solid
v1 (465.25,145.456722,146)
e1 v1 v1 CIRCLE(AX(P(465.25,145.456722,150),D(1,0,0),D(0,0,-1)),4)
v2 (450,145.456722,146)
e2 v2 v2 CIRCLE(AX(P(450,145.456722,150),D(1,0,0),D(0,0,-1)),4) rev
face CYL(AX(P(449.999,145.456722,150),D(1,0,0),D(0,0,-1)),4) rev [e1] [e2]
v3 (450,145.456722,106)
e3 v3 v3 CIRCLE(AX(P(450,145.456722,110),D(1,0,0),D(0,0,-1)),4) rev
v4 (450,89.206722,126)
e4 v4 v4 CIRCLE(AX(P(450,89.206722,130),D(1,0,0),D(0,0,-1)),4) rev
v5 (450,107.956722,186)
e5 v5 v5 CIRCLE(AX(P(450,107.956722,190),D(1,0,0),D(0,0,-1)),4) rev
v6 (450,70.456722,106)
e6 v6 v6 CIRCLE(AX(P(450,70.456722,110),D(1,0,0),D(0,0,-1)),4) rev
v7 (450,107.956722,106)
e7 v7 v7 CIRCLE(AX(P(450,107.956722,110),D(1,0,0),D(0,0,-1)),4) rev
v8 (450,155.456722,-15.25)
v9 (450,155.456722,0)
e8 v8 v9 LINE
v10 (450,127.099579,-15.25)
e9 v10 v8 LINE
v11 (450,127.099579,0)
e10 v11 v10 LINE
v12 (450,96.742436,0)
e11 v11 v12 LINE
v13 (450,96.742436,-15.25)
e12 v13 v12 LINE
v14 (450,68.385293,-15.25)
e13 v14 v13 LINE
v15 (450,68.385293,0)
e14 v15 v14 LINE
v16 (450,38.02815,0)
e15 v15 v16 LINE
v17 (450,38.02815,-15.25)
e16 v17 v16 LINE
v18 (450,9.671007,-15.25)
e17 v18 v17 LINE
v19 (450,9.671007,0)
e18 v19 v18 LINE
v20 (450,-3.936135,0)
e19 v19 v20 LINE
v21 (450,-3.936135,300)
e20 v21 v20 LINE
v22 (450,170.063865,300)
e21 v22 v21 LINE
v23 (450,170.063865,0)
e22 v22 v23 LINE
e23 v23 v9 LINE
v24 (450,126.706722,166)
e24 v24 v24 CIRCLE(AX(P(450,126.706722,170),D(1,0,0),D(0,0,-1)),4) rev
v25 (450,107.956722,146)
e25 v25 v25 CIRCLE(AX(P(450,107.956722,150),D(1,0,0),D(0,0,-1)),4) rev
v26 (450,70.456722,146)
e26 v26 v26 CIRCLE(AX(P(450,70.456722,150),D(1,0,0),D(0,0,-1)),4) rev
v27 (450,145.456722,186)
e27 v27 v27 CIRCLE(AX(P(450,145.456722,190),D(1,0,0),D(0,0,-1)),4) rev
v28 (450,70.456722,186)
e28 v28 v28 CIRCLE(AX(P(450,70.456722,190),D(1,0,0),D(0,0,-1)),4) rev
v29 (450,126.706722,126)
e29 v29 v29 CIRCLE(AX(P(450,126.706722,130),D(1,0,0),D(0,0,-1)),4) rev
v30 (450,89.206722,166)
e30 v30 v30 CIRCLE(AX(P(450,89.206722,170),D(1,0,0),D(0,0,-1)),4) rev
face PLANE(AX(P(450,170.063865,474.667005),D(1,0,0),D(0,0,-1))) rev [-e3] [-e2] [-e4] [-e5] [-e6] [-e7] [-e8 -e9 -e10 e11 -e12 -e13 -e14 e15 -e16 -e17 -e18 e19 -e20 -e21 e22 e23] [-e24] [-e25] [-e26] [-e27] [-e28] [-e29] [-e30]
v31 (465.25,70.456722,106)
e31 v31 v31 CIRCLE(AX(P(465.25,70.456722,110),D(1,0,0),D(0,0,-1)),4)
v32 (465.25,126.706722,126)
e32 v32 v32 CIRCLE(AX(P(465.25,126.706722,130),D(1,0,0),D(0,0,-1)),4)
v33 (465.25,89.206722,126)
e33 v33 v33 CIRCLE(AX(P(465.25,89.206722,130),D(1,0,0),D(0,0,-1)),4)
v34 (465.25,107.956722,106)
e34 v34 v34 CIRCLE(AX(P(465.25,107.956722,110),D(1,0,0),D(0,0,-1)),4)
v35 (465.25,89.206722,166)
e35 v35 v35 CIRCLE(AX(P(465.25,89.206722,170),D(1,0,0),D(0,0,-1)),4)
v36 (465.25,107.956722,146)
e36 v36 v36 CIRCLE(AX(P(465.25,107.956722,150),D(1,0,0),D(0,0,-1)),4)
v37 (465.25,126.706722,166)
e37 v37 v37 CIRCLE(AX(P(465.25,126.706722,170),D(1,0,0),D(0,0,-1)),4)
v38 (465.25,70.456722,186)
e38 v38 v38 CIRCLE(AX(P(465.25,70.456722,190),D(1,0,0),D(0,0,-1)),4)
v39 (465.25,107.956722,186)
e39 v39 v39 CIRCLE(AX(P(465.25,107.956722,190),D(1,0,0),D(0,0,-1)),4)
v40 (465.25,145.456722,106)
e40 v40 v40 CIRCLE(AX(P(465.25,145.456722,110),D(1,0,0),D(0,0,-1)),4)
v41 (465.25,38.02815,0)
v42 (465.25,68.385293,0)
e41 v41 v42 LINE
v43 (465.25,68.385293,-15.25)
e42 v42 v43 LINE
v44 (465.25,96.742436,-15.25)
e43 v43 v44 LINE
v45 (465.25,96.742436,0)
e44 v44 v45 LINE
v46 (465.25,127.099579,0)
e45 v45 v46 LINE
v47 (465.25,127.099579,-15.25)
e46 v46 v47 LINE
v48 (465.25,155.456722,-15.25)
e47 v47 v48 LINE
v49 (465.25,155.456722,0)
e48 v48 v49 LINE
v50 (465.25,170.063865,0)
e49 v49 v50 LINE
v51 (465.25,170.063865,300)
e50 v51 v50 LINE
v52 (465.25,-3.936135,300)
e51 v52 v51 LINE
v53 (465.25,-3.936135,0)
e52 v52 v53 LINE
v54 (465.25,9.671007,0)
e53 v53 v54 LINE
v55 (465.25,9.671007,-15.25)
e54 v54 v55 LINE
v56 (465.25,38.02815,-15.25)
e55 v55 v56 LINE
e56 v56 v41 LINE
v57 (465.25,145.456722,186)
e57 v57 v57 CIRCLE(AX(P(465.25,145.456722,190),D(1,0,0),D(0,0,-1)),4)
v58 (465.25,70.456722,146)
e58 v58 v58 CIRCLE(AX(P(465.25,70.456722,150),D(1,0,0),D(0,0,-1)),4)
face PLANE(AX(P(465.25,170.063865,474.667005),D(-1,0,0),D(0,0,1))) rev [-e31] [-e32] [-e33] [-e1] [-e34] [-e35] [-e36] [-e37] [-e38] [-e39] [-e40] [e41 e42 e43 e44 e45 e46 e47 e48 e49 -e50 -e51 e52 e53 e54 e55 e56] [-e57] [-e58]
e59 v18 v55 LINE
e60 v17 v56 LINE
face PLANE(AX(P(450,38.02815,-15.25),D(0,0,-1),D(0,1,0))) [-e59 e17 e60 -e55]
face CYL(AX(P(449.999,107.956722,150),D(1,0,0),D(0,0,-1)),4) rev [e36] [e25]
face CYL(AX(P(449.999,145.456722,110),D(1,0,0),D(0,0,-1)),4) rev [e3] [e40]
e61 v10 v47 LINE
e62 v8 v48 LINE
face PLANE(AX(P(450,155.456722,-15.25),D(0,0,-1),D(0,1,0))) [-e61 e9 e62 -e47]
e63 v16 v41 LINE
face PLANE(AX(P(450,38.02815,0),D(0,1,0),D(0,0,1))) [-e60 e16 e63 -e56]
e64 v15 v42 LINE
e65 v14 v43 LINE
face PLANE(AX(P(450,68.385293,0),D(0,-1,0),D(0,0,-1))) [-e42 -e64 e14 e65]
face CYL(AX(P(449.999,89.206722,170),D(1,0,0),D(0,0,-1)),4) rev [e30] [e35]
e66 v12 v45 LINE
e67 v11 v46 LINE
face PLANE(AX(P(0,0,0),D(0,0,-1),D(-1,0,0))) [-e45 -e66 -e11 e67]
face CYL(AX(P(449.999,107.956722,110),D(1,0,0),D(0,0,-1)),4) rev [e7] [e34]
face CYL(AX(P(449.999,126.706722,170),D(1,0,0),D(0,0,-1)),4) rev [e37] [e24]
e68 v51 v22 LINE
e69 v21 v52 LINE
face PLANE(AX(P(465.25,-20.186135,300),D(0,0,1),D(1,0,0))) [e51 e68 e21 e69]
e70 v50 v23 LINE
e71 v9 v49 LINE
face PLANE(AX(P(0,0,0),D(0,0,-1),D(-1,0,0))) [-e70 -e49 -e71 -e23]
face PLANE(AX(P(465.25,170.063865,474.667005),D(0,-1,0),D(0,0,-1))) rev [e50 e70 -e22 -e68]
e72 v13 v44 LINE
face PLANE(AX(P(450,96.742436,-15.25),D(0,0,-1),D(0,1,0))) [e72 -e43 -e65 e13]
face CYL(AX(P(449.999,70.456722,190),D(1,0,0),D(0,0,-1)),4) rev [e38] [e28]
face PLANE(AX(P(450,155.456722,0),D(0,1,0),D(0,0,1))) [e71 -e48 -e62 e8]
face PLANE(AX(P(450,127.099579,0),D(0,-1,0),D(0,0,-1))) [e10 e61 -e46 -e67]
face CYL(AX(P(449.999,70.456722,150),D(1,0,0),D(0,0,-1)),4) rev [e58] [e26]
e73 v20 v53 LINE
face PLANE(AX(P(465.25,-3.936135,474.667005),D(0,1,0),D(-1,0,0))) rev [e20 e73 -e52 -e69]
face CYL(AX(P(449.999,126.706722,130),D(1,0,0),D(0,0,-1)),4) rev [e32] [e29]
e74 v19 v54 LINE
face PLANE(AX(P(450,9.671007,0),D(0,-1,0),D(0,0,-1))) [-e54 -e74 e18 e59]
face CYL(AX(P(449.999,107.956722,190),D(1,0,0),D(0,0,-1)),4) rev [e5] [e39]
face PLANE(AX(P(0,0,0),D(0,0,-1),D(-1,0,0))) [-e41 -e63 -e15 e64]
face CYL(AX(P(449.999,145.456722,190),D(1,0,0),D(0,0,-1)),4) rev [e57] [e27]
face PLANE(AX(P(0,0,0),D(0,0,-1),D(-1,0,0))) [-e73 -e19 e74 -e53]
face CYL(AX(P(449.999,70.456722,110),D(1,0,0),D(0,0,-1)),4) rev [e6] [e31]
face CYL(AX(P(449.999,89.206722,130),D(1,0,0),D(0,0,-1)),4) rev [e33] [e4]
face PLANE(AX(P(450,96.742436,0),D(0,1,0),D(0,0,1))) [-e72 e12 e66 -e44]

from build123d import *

# Parameters (mm, degrees)
ESQUISSE1_W             = 15.25
ESQUISSE1_H             = 174
BOSS_EXTRU_1_DEPTH      = 300
ESQUISSE2_W             = 15.25
ESQUISSE2_H             = 28.357142857
BOSS_EXTRU_2_DEPTH      = 15.25
ENL_V_MAT_EXTRU_1_REACH = 17.25
ESQUISSE3_R             = 4


with BuildPart() as part:
    # Esquisse1 → Boss.-Extru.1 (new body)
    with BuildSketch(Plane.XY):
        with Locations((457.625, 83.063864629)):
            Rectangle(ESQUISSE1_W, ESQUISSE1_H)
    extrude(amount=BOSS_EXTRU_1_DEPTH)

    # Esquisse2 → Boss.-Extru.2 (add)
    with BuildSketch(Plane(origin=(465.25, 0, 0), x_dir=(0, 0, -1), z_dir=(1, 0, 0))):
        with Locations((7.625, 141.278150344)):
            Rectangle(ESQUISSE2_W, ESQUISSE2_H)
        with Locations((7.625, 82.563864628)):
            Rectangle(ESQUISSE2_W, ESQUISSE2_H)
        with Locations((7.625, 23.849578915)):
            Rectangle(ESQUISSE2_W, ESQUISSE2_H)
    extrude(amount=-BOSS_EXTRU_2_DEPTH)

    # Esquisse3 → Enlèv. mat.-Extru.1 (cut, up to next)
    with BuildSketch(Plane(origin=(465.25, 0, 0), x_dir=(0, 0, -1), z_dir=(1, 0, 0)), mode=Mode.PRIVATE) as enl_v_mat_extru_1_sk1:
        with Locations((-110, 145.456721772)):
            Circle(ESQUISSE3_R)
    enl_v_mat_extru_1_tool1 = extrude(enl_v_mat_extru_1_sk1.sketch, amount=-ENL_V_MAT_EXTRU_1_REACH, mode=Mode.PRIVATE) & part.part
    add(enl_v_mat_extru_1_tool1.solids().sort_by_distance((465.25, 145.456722, 110))[0], mode=Mode.SUBTRACT)
    # Esquisse3 → Enlèv. mat.-Extru.1 (cut, up to next)
    with BuildSketch(Plane(origin=(465.25, 0, 0), x_dir=(0, 0, -1), z_dir=(1, 0, 0)), mode=Mode.PRIVATE) as enl_v_mat_extru_1_sk2:
        with Locations((-110, 70.456721772)):
            Circle(ESQUISSE3_R)
    enl_v_mat_extru_1_tool2 = extrude(enl_v_mat_extru_1_sk2.sketch, amount=-ENL_V_MAT_EXTRU_1_REACH, mode=Mode.PRIVATE) & part.part
    add(enl_v_mat_extru_1_tool2.solids().sort_by_distance((465.25, 70.456722, 110))[0], mode=Mode.SUBTRACT)
    # Esquisse3 → Enlèv. mat.-Extru.1 (cut, up to next)
    with BuildSketch(Plane(origin=(465.25, 0, 0), x_dir=(0, 0, -1), z_dir=(1, 0, 0)), mode=Mode.PRIVATE) as enl_v_mat_extru_1_sk3:
        with Locations((-150, 70.456721772)):
            Circle(ESQUISSE3_R)
    enl_v_mat_extru_1_tool3 = extrude(enl_v_mat_extru_1_sk3.sketch, amount=-ENL_V_MAT_EXTRU_1_REACH, mode=Mode.PRIVATE) & part.part
    add(enl_v_mat_extru_1_tool3.solids().sort_by_distance((465.25, 70.456722, 150))[0], mode=Mode.SUBTRACT)
    # Esquisse3 → Enlèv. mat.-Extru.1 (cut, up to next)
    with BuildSketch(Plane(origin=(465.25, 0, 0), x_dir=(0, 0, -1), z_dir=(1, 0, 0)), mode=Mode.PRIVATE) as enl_v_mat_extru_1_sk4:
        with Locations((-150, 145.456721772)):
            Circle(ESQUISSE3_R)
    enl_v_mat_extru_1_tool4 = extrude(enl_v_mat_extru_1_sk4.sketch, amount=-ENL_V_MAT_EXTRU_1_REACH, mode=Mode.PRIVATE) & part.part
    add(enl_v_mat_extru_1_tool4.solids().sort_by_distance((465.25, 145.456722, 150))[0], mode=Mode.SUBTRACT)
    # Esquisse3 → Enlèv. mat.-Extru.1 (cut, up to next)
    with BuildSketch(Plane(origin=(465.25, 0, 0), x_dir=(0, 0, -1), z_dir=(1, 0, 0)), mode=Mode.PRIVATE) as enl_v_mat_extru_1_sk5:
        with Locations((-190, 145.456721772)):
            Circle(ESQUISSE3_R)
    enl_v_mat_extru_1_tool5 = extrude(enl_v_mat_extru_1_sk5.sketch, amount=-ENL_V_MAT_EXTRU_1_REACH, mode=Mode.PRIVATE) & part.part
    add(enl_v_mat_extru_1_tool5.solids().sort_by_distance((465.25, 145.456722, 190))[0], mode=Mode.SUBTRACT)
    # Esquisse3 → Enlèv. mat.-Extru.1 (cut, up to next)
    with BuildSketch(Plane(origin=(465.25, 0, 0), x_dir=(0, 0, -1), z_dir=(1, 0, 0)), mode=Mode.PRIVATE) as enl_v_mat_extru_1_sk6:
        with Locations((-190, 70.456721772)):
            Circle(ESQUISSE3_R)
    enl_v_mat_extru_1_tool6 = extrude(enl_v_mat_extru_1_sk6.sketch, amount=-ENL_V_MAT_EXTRU_1_REACH, mode=Mode.PRIVATE) & part.part
    add(enl_v_mat_extru_1_tool6.solids().sort_by_distance((465.25, 70.456722, 190))[0], mode=Mode.SUBTRACT)
    # Esquisse3 → Enlèv. mat.-Extru.1 (cut, up to next)
    with BuildSketch(Plane(origin=(465.25, 0, 0), x_dir=(0, 0, -1), z_dir=(1, 0, 0)), mode=Mode.PRIVATE) as enl_v_mat_extru_1_sk7:
        with Locations((-130, 126.706721772)):
            Circle(ESQUISSE3_R)
    enl_v_mat_extru_1_tool7 = extrude(enl_v_mat_extru_1_sk7.sketch, amount=-ENL_V_MAT_EXTRU_1_REACH, mode=Mode.PRIVATE) & part.part
    add(enl_v_mat_extru_1_tool7.solids().sort_by_distance((465.25, 126.706722, 130))[0], mode=Mode.SUBTRACT)
    # Esquisse3 → Enlèv. mat.-Extru.1 (cut, up to next)
    with BuildSketch(Plane(origin=(465.25, 0, 0), x_dir=(0, 0, -1), z_dir=(1, 0, 0)), mode=Mode.PRIVATE) as enl_v_mat_extru_1_sk8:
        with Locations((-170, 126.706721772)):
            Circle(ESQUISSE3_R)
    enl_v_mat_extru_1_tool8 = extrude(enl_v_mat_extru_1_sk8.sketch, amount=-ENL_V_MAT_EXTRU_1_REACH, mode=Mode.PRIVATE) & part.part
    add(enl_v_mat_extru_1_tool8.solids().sort_by_distance((465.25, 126.706722, 170))[0], mode=Mode.SUBTRACT)
    # Esquisse3 → Enlèv. mat.-Extru.1 (cut, up to next)
    with BuildSketch(Plane(origin=(465.25, 0, 0), x_dir=(0, 0, -1), z_dir=(1, 0, 0)), mode=Mode.PRIVATE) as enl_v_mat_extru_1_sk9:
        with Locations((-190, 107.956721772)):
            Circle(ESQUISSE3_R)
    enl_v_mat_extru_1_tool9 = extrude(enl_v_mat_extru_1_sk9.sketch, amount=-ENL_V_MAT_EXTRU_1_REACH, mode=Mode.PRIVATE) & part.part
    add(enl_v_mat_extru_1_tool9.solids().sort_by_distance((465.25, 107.956722, 190))[0], mode=Mode.SUBTRACT)
    # Esquisse3 → Enlèv. mat.-Extru.1 (cut, up to next)
    with BuildSketch(Plane(origin=(465.25, 0, 0), x_dir=(0, 0, -1), z_dir=(1, 0, 0)), mode=Mode.PRIVATE) as enl_v_mat_extru_1_sk10:
        with Locations((-170, 89.206721772)):
            Circle(ESQUISSE3_R)
    enl_v_mat_extru_1_tool10 = extrude(enl_v_mat_extru_1_sk10.sketch, amount=-ENL_V_MAT_EXTRU_1_REACH, mode=Mode.PRIVATE) & part.part
    add(enl_v_mat_extru_1_tool10.solids().sort_by_distance((465.25, 89.206722, 170))[0], mode=Mode.SUBTRACT)
    # Esquisse3 → Enlèv. mat.-Extru.1 (cut, up to next)
    with BuildSketch(Plane(origin=(465.25, 0, 0), x_dir=(0, 0, -1), z_dir=(1, 0, 0)), mode=Mode.PRIVATE) as enl_v_mat_extru_1_sk11:
        with Locations((-130, 89.206721772)):
            Circle(ESQUISSE3_R)
    enl_v_mat_extru_1_tool11 = extrude(enl_v_mat_extru_1_sk11.sketch, amount=-ENL_V_MAT_EXTRU_1_REACH, mode=Mode.PRIVATE) & part.part
    add(enl_v_mat_extru_1_tool11.solids().sort_by_distance((465.25, 89.206722, 130))[0], mode=Mode.SUBTRACT)
    # Esquisse3 → Enlèv. mat.-Extru.1 (cut, up to next)
    with BuildSketch(Plane(origin=(465.25, 0, 0), x_dir=(0, 0, -1), z_dir=(1, 0, 0)), mode=Mode.PRIVATE) as enl_v_mat_extru_1_sk12:
        with Locations((-110, 107.956721772)):
            Circle(ESQUISSE3_R)
    enl_v_mat_extru_1_tool12 = extrude(enl_v_mat_extru_1_sk12.sketch, amount=-ENL_V_MAT_EXTRU_1_REACH, mode=Mode.PRIVATE) & part.part
    add(enl_v_mat_extru_1_tool12.solids().sort_by_distance((465.25, 107.956722, 110))[0], mode=Mode.SUBTRACT)
    # Esquisse3 → Enlèv. mat.-Extru.1 (cut, up to next)
    with BuildSketch(Plane(origin=(465.25, 0, 0), x_dir=(0, 0, -1), z_dir=(1, 0, 0)), mode=Mode.PRIVATE) as enl_v_mat_extru_1_sk13:
        with Locations((-150, 107.956721772)):
            Circle(ESQUISSE3_R)
    enl_v_mat_extru_1_tool13 = extrude(enl_v_mat_extru_1_sk13.sketch, amount=-ENL_V_MAT_EXTRU_1_REACH, mode=Mode.PRIVATE) & part.part
    add(enl_v_mat_extru_1_tool13.solids().sort_by_distance((465.25, 107.956722, 150))[0], mode=Mode.SUBTRACT)


solid = part.part
